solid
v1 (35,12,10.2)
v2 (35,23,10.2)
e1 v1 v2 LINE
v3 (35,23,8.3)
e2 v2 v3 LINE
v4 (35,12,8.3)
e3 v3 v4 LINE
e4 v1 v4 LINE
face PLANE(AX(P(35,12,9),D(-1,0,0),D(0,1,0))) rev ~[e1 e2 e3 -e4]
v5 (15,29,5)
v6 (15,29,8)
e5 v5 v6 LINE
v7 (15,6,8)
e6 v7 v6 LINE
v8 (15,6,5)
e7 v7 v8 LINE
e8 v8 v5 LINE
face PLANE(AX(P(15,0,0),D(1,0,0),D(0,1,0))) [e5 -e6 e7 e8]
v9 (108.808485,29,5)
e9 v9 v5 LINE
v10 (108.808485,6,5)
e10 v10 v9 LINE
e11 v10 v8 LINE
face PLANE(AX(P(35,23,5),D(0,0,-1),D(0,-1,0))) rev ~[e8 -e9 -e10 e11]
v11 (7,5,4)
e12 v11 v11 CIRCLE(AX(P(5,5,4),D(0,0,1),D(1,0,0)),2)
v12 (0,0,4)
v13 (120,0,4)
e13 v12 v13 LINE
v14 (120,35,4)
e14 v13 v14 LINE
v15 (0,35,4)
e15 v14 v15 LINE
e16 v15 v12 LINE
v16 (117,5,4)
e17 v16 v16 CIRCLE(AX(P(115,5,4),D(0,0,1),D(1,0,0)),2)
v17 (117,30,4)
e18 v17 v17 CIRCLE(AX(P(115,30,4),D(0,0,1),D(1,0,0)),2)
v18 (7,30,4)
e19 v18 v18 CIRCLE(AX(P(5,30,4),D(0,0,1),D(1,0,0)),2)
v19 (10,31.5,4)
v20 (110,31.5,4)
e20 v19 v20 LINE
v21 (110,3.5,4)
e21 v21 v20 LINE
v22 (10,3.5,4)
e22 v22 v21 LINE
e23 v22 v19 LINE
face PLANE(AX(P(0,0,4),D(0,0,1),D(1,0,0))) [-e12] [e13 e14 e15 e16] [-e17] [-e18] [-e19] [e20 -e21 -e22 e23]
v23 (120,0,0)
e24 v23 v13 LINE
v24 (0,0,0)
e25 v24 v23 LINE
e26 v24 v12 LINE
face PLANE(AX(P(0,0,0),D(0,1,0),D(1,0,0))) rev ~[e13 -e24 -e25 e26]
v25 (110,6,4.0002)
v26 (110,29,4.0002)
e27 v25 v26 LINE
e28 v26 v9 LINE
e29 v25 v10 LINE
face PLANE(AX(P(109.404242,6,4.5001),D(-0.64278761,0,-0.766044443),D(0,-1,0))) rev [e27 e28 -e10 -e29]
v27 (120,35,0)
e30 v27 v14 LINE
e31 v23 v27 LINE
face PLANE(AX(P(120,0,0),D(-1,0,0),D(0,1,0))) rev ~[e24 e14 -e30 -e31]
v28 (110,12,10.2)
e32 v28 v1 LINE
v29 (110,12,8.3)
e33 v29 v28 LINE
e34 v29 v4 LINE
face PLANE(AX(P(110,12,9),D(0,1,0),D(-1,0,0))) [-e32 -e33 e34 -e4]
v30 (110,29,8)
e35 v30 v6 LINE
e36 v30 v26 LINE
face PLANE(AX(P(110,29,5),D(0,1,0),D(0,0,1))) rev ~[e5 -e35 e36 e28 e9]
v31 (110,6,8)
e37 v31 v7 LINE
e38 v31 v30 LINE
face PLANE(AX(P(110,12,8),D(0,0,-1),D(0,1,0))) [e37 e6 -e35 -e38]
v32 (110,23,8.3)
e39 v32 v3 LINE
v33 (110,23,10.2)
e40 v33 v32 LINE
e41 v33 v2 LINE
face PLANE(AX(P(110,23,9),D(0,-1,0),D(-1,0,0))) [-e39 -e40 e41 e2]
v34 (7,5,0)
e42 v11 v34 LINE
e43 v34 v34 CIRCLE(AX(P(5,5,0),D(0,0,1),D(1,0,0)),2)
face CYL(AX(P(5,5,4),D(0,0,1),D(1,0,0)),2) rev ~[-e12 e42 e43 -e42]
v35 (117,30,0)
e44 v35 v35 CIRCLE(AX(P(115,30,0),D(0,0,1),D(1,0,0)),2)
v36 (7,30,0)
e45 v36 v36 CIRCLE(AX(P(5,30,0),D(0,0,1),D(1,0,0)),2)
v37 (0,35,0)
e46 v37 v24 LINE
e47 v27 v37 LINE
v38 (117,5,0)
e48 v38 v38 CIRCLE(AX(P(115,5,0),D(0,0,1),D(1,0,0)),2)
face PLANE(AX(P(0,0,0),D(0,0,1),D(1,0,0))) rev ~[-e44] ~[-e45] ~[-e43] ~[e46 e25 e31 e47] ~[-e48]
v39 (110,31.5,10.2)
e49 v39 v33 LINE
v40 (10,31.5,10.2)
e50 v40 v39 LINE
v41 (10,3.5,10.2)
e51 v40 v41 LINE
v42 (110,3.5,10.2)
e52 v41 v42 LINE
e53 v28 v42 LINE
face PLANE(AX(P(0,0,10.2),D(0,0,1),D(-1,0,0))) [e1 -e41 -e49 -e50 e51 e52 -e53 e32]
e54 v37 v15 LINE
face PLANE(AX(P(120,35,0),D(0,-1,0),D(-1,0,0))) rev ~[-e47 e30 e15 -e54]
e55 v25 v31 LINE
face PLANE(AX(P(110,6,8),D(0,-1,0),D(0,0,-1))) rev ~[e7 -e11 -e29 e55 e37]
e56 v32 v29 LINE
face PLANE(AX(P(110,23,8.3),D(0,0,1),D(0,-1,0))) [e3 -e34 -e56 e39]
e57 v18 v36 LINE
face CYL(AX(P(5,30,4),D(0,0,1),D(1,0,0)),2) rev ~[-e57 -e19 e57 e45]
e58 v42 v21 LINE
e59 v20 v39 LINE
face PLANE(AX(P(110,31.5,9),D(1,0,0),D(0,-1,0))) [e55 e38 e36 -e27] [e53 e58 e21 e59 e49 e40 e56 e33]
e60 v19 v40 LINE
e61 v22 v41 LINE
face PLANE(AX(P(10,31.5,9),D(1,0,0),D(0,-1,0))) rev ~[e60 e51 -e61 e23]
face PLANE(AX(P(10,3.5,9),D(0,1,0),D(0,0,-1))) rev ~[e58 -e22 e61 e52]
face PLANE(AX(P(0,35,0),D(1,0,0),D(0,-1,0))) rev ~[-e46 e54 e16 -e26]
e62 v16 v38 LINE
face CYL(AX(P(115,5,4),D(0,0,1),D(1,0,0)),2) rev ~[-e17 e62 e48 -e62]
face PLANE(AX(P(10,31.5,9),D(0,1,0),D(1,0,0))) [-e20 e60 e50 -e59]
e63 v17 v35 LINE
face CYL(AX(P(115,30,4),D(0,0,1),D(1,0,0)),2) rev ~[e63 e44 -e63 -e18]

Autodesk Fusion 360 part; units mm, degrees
sketch "Esboço1" plane through (0, 0, 0) normal (0, 0, 1) x (1, 0, 0)
  line L0 (0, 0) -> (120, 0)
  line L1 (120, 0) -> (120, 35)
  line L2 (120, 35) -> (0, 35)
  line L3 (0, 35) -> (0, 0)
  dimension "d1" = 120
  dimension "d2" = 35
extrude "Extrusão1" add sketch "Esboço1" along normal blind 4
sketch "Esboço2" plane through (0, 0, 4) normal (0, 0, 1) x (-1, 0, 0)
  line L0 (0, -35) -> (0, 0)
  line L1 (0, 0) -> (-120, 0)
  line L2 (-120, 0) -> (-120, -35)
  line L3 (-120, -35) -> (0, -35)
  line L4 (-10, -30) -> (-110, -30)
  line L5 (-110, -30) -> (-110, -5)
  line L6 (-110, -5) -> (-10, -5)
  line L7 (-10, -5) -> (-10, -30)
  point P0 (-5, -30)
  point P1 (-5, -5)
  point P2 (-115, -5)
  point P3 (-115, -30)
extrude "Extrusão2" add sketch "Esboço2" along normal blind 5 contours L4 L5 L6 L7
sketch "Esboço3" plane through (0, 0, 9) normal (0, 0, 1) x (-1, 0, 0)
  line L0 (-10, -5) -> (-110, -5)
  line L1 (-110, -5) -> (-110, -30)
  line L2 (-110, -30) -> (-10, -30)
  line L3 (-10, -30) -> (-10, -5)
sketch "Esboço4" plane through (110, 0, 0) normal (1, 0, 0) x (0, 1, 0)
  line L0 (5, 4) -> (30, 4)
  line L1 (30, 4) -> (30, 9)
  line L2 (30, 9) -> (5, 9)
  line L3 (5, 9) -> (5, 4)
  line L4 (5, 9) -> (5, 8)
  line L5 (30, 9) -> (30, 8)
  line L6 (5, 8) -> (30, 8)
  line L7 (6, 8) -> (6, 5)
  line L8 (6, 5) -> (29, 5)
  line L9 (29, 5) -> (29, 8)
extrude "Extrusão3" cut sketch "Esboço4" against normal blind 95 contours L6 L7 L8 L9
sketch "Esboço5" plane through (0, 0, 9) normal (0, 0, 1) x (1, 0, 0)
  line L0 (110, 30) -> (110, 23)
  line L1 (110, 5) -> (110, 12)
  line L2 (110, 23) -> (35, 23)
  line L3 (110, 12) -> (35, 12)
  line L4 (35, 12) -> (35, 23)
  line L5 (110, 23) -> (110, 12)
  dimension "d9" = 7
  dimension "d10" = 7
extrude "Extrusão4" cut sketch "Esboço5" against normal blind 5
sketch "Esboço6" plane through (0, 0, 4) normal (0, 0, 1) x (1, 0, 0)
extrude "Extrusão5" add 1 faces at (35, 15.6667, 4.3333) along direction (1, 0, 0) blind 75
sketch "Esboço7" plane through (110, 0, 0) normal (1, 0, 0) x (0, 1, 0)
  line L0 (5, 4) -> (30, 4)
  line L1 (30, 4) -> (30, 9)
  line L2 (30, 9) -> (23, 9)
  line L3 (23, 9) -> (23, 8)
  line L4 (23, 8) -> (29, 8)
  line L5 (29, 8) -> (29, 5)
  line L6 (29, 5) -> (6, 5)
  line L7 (6, 5) -> (6, 8)
  line L8 (6, 8) -> (12, 8)
  line L9 (12, 8) -> (12, 9)
  line L10 (12, 9) -> (5, 9)
  line L11 (5, 9) -> (5, 4)
  line L12 (6, 8) -> (29, 8)
  line L13 (29, 8) -> (29, 8.3)
  line L14 (29, 8.3) -> (6, 8.3)
  line L15 (6, 8.3) -> (6, 8)
  dimension "d15" = 0.3
extrude "Extrusão6" add sketch "Esboço7" against normal blind 75 contours L3 L9 L12 L14
sketch "Esboço8" plane through (0, 0, 4) normal (0, 0, 1) x (1, 0, 0)
  circle A0 centre (5, 30) radius 2
  circle A1 centre (5, 5) radius 2
  circle A2 centre (115, 30) radius 2
  circle A3 centre (115, 5) radius 2
  dimension "d18" = 4
  dimension "d19" = 4
  dimension "d20" = 4
  dimension "d21" = 4
extrude "Extrusão7" cut sketch "Esboço8" against normal blind 20
sketch "Esboço9" plane through (10, 0, 0) normal (-1, 0, 0) x (0, -1, 0)
  line L0 (-30, 4) -> (-5, 4)
  line L1 (-5, 4) -> (-5, 9)
  line L2 (-5, 9) -> (-30, 9)
  line L3 (-30, 9) -> (-30, 4)
  line L4 (-30, 9) -> (-31.5, 9)
  line L5 (-31.5, 9) -> (-31.5, 4)
  line L6 (-31.5, 4) -> (-30, 4)
  line L7 (-30, 4) -> (-30, 9)
  line L8 (-5, 9) -> (-3.5, 9)
  line L9 (-3.5, 9) -> (-3.5, 4)
  line L10 (-3.5, 4) -> (-5, 4)
  line L11 (-5, 4) -> (-5, 9)
  dimension "d24" = 1.5
  dimension "d25" = 1.5
  dimension "d26" = 5
extrude "Extrusão8" add sketch "Esboço9" against normal blind 100 contours L3 L4 L5 L6 L7 | L1 L8 L9 L10 L11
extrude "Extrusão9" add 1 faces at (18.3333, 19.3333, 9) along direction (0, 0, 1) blind 1.2
chamfer "Chanfro1" distance 1 angle 50 1 edges at (110, 17.5, 5) measured on face at (110, 4.3333, 7.4)
equation "d24 = ( 0.3 * 5 ) * 1 mm"
equation "d25 = ( 0.3 * 5 ) * 1 mm"
equation "d29 = ( 0.3 * 4 ) * 1 mm"
